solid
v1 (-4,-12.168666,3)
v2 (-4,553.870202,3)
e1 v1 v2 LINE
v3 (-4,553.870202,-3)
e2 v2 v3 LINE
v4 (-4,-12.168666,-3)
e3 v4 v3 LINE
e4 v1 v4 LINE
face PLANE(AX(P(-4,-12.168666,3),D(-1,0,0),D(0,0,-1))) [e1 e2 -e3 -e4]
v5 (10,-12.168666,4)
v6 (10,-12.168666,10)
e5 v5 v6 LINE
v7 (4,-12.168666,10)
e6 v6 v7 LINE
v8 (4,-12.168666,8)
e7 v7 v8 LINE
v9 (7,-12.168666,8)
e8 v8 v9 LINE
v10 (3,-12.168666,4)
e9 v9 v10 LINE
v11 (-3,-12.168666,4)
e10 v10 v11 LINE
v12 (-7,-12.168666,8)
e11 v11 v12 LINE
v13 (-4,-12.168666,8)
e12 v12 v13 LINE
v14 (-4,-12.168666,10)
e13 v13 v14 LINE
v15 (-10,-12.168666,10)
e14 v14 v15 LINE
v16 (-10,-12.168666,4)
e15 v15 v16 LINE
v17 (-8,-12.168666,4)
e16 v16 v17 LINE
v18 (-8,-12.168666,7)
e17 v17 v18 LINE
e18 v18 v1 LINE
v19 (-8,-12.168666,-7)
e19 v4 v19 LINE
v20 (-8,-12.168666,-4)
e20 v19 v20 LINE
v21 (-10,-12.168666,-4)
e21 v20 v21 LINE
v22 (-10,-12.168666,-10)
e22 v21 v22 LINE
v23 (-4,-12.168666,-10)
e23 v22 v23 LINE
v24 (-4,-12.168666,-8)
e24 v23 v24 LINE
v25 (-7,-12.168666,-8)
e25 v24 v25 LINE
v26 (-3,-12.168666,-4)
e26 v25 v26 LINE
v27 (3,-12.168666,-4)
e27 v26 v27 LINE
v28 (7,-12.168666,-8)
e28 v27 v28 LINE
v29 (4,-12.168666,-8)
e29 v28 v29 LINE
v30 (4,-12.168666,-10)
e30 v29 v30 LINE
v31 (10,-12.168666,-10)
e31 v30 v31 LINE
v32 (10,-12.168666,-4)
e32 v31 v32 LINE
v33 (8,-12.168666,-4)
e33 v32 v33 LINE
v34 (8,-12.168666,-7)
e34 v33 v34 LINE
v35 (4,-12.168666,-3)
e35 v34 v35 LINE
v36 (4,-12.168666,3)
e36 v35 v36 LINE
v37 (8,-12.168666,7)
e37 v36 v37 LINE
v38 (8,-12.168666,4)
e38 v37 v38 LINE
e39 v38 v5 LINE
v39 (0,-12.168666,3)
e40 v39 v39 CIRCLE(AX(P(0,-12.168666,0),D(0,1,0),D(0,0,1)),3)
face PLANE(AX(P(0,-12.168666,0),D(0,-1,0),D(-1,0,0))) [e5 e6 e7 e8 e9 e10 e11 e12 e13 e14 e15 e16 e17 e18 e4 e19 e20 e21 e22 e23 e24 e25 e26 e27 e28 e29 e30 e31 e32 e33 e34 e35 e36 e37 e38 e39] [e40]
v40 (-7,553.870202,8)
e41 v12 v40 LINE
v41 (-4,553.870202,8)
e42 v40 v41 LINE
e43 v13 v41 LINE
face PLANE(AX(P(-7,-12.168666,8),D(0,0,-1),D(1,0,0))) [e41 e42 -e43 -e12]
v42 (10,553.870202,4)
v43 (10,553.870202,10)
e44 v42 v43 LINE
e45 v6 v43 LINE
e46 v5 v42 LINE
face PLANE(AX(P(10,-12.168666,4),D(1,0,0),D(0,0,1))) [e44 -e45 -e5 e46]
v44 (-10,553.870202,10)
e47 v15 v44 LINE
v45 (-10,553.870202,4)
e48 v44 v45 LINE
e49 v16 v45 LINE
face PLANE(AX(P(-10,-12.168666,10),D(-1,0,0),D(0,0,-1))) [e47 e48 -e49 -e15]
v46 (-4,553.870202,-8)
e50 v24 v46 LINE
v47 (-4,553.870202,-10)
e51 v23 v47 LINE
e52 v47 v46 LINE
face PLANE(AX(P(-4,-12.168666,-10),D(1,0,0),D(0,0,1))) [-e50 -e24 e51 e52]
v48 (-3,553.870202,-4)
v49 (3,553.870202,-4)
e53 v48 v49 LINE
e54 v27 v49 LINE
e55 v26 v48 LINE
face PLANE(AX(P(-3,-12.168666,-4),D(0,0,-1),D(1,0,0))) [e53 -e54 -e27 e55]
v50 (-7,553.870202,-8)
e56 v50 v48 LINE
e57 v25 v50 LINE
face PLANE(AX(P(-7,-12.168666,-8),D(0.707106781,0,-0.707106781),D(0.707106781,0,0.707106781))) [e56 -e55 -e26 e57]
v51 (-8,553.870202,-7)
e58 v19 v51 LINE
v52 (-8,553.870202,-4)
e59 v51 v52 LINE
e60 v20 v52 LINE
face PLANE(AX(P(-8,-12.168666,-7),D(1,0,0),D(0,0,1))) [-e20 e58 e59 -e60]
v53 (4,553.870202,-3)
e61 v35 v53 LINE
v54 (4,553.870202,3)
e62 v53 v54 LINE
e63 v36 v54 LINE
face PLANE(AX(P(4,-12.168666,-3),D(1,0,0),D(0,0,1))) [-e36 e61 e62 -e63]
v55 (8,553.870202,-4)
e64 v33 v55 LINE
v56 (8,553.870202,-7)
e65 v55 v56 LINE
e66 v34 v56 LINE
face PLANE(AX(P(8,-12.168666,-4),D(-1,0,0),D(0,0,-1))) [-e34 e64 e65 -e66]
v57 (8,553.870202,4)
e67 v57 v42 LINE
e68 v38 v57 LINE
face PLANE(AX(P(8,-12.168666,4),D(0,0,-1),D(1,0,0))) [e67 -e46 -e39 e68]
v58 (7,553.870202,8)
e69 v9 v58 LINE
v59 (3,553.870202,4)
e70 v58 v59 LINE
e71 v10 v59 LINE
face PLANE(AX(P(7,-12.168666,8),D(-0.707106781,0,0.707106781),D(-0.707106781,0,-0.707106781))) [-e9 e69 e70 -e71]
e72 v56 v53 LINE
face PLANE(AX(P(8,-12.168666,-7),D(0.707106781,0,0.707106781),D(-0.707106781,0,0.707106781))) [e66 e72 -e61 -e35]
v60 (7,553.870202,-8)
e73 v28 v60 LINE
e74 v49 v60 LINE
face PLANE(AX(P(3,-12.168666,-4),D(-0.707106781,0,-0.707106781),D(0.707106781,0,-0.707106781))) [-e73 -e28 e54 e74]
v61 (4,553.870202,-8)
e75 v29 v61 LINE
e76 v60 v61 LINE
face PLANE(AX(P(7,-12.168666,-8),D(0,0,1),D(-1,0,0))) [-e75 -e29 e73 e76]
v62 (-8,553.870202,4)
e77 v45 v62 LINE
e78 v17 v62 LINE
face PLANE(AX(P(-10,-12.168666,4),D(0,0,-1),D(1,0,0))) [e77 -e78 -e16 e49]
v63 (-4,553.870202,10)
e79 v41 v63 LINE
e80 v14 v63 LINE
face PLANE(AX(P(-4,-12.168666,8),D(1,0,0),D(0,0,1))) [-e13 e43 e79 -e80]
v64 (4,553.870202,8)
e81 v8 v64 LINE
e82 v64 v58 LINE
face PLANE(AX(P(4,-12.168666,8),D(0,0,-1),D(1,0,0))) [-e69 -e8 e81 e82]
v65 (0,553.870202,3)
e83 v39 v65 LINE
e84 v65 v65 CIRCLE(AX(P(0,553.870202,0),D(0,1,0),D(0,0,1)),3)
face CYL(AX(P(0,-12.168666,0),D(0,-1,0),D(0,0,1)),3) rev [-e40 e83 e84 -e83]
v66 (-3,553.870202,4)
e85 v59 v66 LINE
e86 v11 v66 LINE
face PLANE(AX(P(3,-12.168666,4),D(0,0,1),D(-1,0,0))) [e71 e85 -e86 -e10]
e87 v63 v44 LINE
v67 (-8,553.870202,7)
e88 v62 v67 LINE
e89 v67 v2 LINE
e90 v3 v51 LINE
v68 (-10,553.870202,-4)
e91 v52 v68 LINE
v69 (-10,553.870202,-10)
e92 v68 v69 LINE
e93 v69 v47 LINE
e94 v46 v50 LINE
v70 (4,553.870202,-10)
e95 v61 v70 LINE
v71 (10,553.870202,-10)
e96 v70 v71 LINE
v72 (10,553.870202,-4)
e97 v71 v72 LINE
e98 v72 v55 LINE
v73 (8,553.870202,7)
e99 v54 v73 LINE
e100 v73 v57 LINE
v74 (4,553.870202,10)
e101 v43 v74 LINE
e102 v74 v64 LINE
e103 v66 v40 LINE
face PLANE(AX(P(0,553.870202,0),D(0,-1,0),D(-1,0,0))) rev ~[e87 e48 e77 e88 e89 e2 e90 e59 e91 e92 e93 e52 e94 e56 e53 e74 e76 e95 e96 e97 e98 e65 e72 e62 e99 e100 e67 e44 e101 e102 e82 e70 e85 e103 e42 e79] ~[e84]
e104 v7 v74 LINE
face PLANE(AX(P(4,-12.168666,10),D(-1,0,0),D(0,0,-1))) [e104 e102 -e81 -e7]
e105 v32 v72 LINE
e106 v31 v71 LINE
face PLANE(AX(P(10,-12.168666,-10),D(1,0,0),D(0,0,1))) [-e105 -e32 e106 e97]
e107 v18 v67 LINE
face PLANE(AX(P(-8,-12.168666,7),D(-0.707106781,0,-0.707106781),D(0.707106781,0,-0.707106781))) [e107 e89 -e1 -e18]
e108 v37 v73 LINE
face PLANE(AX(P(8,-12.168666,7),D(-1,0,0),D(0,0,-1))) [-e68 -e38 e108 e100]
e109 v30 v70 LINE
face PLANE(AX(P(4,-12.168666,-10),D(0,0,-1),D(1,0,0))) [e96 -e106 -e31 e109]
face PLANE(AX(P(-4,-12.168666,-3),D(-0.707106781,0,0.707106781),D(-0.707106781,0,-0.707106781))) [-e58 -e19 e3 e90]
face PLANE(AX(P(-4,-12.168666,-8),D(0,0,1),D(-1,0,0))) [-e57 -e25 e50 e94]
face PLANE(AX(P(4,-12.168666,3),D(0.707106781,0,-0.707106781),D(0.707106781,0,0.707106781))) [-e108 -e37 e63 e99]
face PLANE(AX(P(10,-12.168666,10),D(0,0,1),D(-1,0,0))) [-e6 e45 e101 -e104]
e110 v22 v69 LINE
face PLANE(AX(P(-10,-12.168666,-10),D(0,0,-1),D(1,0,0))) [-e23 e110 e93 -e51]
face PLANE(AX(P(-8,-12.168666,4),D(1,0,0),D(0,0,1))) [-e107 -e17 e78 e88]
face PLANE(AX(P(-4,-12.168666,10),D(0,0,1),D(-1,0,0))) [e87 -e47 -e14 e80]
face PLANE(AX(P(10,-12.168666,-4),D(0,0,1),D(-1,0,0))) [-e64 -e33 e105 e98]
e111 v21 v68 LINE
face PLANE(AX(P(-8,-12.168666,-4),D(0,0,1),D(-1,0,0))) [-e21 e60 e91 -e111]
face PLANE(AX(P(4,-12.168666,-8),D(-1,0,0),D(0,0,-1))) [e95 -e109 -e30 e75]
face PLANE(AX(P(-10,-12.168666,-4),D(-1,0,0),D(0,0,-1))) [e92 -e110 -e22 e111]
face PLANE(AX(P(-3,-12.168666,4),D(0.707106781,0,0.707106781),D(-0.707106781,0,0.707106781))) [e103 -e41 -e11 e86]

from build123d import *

# Parameters (mm, degrees)
BOSS_EXTRUDE1_START = -12.168666
F_2020_SKETCH_R     = 3
BOSS_EXTRUDE1_DEPTH = 566.038868


with BuildPart() as part:
    # 2020 sketch → Boss-Extrude1 (new body)
    with BuildSketch(Plane(origin=(0, 0, 0), x_dir=(1, 0, 0), z_dir=(0, 1, 0)).offset(BOSS_EXTRUDE1_START)):
        Polygon((-4, 10), (-4, 8), (-7, 8), (-3, 4), (3, 4), (7, 8), (4, 8), (4, 10), (10, 10), (10, 4), (8, 4), (8, 7), (4, 3), (4, -3), (8, -7), (8, -4), (10, -4), (10, -10), (4, -10), (4, -8), (7, -8), (3, -4), (-3, -4), (-7, -8), (-4, -8), (-4, -10), (-10, -10), (-10, -4), (-8, -4), (-8, -7), (-4, -3), (-4, 3), (-8, 7), (-8, 4), (-10, 4), (-10, 10), align=None)
        with Locations(Location((0, 0, 0), (0, 0, 270))):
            Circle(F_2020_SKETCH_R, mode=Mode.SUBTRACT)
    extrude(amount=BOSS_EXTRUDE1_DEPTH)


solid = part.part
